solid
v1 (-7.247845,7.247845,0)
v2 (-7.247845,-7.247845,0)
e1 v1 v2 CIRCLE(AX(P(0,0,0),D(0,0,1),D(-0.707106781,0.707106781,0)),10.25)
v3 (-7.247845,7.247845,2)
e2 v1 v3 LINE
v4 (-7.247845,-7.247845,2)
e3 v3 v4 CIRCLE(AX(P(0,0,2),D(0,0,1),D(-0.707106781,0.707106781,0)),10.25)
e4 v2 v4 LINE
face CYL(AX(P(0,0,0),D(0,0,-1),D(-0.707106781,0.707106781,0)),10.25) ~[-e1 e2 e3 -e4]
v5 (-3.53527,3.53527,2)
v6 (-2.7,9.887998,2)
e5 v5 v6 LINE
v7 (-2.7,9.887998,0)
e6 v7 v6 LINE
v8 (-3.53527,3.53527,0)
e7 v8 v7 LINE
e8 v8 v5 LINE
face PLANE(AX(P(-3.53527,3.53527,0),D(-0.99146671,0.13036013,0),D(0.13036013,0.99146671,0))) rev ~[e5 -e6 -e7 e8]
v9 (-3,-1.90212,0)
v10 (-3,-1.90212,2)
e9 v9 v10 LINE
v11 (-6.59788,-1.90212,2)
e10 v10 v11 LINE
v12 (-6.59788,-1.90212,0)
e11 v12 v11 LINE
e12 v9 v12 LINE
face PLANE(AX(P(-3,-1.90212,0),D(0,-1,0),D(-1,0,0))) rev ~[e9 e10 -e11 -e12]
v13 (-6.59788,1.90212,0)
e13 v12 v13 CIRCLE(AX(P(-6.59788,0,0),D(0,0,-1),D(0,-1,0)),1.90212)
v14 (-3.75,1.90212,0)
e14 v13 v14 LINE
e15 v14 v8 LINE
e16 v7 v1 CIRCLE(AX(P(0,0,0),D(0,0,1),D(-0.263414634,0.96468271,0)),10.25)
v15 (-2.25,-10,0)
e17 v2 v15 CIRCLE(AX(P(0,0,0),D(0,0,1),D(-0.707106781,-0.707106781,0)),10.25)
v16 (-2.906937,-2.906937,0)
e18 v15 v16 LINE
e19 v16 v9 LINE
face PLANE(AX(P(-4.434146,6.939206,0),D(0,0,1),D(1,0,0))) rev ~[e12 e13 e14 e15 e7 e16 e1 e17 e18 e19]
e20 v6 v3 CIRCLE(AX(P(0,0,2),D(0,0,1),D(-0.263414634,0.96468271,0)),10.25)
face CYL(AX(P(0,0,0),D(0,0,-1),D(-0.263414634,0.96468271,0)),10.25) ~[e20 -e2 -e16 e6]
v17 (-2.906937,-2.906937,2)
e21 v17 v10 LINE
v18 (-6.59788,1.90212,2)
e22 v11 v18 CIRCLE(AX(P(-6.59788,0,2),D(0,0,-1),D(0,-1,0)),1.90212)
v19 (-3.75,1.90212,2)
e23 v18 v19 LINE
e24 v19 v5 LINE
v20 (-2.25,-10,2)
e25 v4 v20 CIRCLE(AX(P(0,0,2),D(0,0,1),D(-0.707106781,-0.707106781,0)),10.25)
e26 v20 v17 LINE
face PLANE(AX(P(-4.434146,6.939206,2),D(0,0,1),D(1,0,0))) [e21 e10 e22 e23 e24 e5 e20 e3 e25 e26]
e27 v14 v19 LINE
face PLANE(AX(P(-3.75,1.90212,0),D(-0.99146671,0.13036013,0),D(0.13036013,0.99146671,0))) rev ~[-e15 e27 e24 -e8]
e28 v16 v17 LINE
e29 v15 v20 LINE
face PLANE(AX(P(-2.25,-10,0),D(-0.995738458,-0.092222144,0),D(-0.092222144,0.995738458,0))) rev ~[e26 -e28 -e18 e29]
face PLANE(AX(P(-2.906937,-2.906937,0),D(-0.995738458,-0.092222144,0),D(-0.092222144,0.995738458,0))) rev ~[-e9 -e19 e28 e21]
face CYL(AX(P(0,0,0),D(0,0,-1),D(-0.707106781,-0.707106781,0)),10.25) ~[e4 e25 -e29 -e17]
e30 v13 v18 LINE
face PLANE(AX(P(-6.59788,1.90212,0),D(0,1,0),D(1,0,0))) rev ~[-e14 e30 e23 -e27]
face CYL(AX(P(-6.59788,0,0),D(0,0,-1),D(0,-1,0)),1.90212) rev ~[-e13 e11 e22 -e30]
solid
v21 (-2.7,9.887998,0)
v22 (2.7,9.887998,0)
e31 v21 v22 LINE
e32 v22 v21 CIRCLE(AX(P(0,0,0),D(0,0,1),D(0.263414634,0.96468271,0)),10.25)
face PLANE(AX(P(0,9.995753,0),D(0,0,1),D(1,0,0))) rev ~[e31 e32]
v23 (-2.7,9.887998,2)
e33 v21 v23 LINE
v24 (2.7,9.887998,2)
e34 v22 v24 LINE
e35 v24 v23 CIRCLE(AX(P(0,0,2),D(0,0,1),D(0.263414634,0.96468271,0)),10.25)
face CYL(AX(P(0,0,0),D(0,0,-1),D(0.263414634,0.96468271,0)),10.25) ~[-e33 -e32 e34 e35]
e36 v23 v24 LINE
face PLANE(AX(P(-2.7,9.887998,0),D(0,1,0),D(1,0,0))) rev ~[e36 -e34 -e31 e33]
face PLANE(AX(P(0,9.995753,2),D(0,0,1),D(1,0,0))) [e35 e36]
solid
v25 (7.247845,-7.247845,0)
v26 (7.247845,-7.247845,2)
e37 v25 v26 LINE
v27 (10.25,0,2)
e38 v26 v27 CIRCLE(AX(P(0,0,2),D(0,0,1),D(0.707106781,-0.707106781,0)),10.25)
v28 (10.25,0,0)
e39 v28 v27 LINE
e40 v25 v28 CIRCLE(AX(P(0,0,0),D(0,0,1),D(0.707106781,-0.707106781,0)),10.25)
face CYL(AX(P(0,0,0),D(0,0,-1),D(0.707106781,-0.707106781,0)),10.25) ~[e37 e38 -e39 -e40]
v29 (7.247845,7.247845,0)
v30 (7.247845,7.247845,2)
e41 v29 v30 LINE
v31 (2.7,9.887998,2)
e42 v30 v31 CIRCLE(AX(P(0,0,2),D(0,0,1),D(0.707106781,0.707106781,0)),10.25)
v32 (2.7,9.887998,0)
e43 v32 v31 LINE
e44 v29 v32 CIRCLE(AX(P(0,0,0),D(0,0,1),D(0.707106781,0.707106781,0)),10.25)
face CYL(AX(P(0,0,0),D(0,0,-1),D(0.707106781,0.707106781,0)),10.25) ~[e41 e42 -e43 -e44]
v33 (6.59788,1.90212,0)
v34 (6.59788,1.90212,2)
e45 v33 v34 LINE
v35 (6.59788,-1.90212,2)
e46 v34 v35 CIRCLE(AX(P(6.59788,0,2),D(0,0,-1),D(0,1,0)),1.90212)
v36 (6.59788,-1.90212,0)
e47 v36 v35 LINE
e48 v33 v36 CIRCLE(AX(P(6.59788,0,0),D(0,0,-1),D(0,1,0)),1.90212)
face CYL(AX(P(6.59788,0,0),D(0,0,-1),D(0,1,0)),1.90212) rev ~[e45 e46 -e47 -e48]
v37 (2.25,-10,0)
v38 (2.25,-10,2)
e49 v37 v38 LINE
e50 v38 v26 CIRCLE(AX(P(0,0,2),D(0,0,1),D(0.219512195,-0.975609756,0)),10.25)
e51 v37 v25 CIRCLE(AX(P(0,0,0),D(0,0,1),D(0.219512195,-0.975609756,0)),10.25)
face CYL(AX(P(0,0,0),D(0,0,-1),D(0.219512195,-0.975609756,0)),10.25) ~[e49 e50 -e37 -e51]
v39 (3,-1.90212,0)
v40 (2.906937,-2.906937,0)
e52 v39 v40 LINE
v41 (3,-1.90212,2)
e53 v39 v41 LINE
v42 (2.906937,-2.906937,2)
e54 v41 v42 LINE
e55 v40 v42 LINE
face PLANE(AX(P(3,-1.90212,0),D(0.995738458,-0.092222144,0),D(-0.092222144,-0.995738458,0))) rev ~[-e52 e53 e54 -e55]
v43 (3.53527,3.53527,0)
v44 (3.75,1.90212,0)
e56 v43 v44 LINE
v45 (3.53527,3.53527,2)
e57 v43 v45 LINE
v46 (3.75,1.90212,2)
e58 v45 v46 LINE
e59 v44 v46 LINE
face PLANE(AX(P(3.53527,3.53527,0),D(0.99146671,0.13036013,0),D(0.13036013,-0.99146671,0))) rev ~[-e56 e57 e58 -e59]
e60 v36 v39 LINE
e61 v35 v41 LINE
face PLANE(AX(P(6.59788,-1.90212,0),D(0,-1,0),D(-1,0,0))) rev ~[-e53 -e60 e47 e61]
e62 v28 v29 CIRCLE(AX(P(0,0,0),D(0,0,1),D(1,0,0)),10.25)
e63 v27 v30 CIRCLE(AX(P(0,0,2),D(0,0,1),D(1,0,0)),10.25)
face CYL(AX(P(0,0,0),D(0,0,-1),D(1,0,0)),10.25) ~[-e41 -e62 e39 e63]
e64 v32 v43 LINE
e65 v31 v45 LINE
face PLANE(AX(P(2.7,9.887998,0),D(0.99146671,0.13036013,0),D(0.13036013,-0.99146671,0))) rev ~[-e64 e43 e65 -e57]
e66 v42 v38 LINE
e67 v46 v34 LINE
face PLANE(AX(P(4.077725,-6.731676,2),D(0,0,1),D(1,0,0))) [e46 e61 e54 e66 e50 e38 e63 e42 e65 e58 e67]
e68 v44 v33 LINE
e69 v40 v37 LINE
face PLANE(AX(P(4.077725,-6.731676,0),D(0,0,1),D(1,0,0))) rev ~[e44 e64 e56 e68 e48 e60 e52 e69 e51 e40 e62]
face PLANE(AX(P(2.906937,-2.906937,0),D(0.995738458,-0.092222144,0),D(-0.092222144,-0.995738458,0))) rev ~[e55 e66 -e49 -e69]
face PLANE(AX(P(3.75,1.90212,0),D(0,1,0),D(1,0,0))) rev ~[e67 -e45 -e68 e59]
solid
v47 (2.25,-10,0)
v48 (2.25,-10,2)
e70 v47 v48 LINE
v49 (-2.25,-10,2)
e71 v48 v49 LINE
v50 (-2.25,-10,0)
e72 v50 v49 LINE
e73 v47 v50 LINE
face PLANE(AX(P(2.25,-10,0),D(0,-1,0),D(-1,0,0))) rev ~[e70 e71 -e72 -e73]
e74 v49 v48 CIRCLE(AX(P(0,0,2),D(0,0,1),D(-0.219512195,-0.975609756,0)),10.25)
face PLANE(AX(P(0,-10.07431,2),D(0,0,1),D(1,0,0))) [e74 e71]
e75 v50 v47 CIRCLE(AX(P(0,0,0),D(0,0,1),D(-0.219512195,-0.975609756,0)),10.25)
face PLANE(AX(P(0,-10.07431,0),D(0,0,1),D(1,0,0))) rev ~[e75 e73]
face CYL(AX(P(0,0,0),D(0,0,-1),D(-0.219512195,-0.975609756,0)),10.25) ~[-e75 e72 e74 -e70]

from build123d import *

# Parameters (mm, degrees)
F1_DEPTH = 2


with BuildPart() as f1:
    # F0 (on Top) → F1 (new body)
    with BuildSketch(Plane.XY):
        with BuildLine():
            ThreePointArc((2.25, -10), (4.9442747228, -8.9786773784), (7.2478445072, -7.2478445072))
            Line((7.2478445072, -7.2478445072), (2.9069370394, -2.9069370394))
            Line((2.9069370394, -2.9069370394), (2.25, -10))
        make_face()
        with BuildLine():
            ThreePointArc((10.25, 0), (9.4697652082, 3.9225051817), (7.2478445072, 7.2478445072))
            Line((7.2478445072, 7.2478445072), (3.5352700168, 3.5352700168))
            Line((3.5352700168, 3.5352700168), (3.75, 1.9021201406))
            Line((3.75, 1.9021201406), (6.5978798594, 1.9021201406))
            ThreePointArc((6.5978798594, 1.9021201406), (7.9428819094, 1.3450020501), (8.5, 0))
            ThreePointArc((8.5, 0), (7.9428819094, -1.3450020501), (6.5978798594, -1.9021201406))
            Line((6.5978798594, -1.9021201406), (3, -1.9021201406))
            Line((3, -1.9021201406), (2.9069370394, -2.9069370394))
            Line((2.9069370394, -2.9069370394), (7.2478445072, -7.2478445072))
            ThreePointArc((7.2478445072, -7.2478445072), (9.4697652082, -3.9225051817), (10.25, 0))
        make_face()
        with BuildLine():
            ThreePointArc((7.2478445072, 7.2478445072), (5.146115516, 8.8645358083), (2.7, 9.8879977751))
            Line((2.7, 9.8879977751), (3.5352700168, 3.5352700168))
            Line((3.5352700168, 3.5352700168), (7.2478445072, 7.2478445072))
        make_face()
    extrude(amount=F1_DEPTH)


with BuildPart() as f1b:
    # F0 (on Top) → F1, piece 2 (new body)
    with BuildSketch(Plane.XY):
        with BuildLine():
            Line((-2.7, 9.8879977751), (2.7, 9.8879977751))
            ThreePointArc((2.7, 9.8879977751), (0, 10.25), (-2.7, 9.8879977751))
        make_face()
    extrude(amount=F1_DEPTH)


with BuildPart() as f1c:
    # F0 (on Top) → F1, piece 3 (new body)
    with BuildSketch(Plane.XY):
        with BuildLine():
            Line((-3.5352700168, 3.5352700168), (-2.7, 9.8879977751))
            ThreePointArc((-2.7, 9.8879977751), (-5.146115516, 8.8645358083), (-7.2478445072, 7.2478445072))
            Line((-7.2478445072, 7.2478445072), (-3.5352700168, 3.5352700168))
        make_face()
        with BuildLine():
            Line((-3.5352700168, 3.5352700168), (-7.2478445072, 7.2478445072))
            ThreePointArc((-7.2478445072, 7.2478445072), (-10.25, 0), (-7.2478445072, -7.2478445072))
            Line((-7.2478445072, -7.2478445072), (-2.9069370394, -2.9069370394))
            Line((-2.9069370394, -2.9069370394), (-3, -1.9021201406))
            Line((-3, -1.9021201406), (-6.5978798594, -1.9021201406))
            ThreePointArc((-6.5978798594, -1.9021201406), (-8.5, 0), (-6.5978798594, 1.9021201406))
            Line((-6.5978798594, 1.9021201406), (-3.75, 1.9021201406))
            Line((-3.75, 1.9021201406), (-3.5352700168, 3.5352700168))
        make_face()
        with BuildLine():
            Line((-2.9069370394, -2.9069370394), (-7.2478445072, -7.2478445072))
            ThreePointArc((-7.2478445072, -7.2478445072), (-4.9442747228, -8.9786773784), (-2.25, -10))
            Line((-2.25, -10), (-2.9069370394, -2.9069370394))
        make_face()
    extrude(amount=F1_DEPTH)


with BuildPart() as f1d:
    # F0 (on Top) → F1, piece 4 (new body)
    with BuildSketch(Plane.XY):
        with BuildLine():
            Line((0, -10), (-2.25, -10))
            ThreePointArc((-2.25, -10), (0, -10.25), (2.25, -10))
            Line((2.25, -10), (0, -10))
        make_face()
    extrude(amount=F1_DEPTH)


solid = Compound([f1.part, f1b.part, f1c.part, f1d.part])
